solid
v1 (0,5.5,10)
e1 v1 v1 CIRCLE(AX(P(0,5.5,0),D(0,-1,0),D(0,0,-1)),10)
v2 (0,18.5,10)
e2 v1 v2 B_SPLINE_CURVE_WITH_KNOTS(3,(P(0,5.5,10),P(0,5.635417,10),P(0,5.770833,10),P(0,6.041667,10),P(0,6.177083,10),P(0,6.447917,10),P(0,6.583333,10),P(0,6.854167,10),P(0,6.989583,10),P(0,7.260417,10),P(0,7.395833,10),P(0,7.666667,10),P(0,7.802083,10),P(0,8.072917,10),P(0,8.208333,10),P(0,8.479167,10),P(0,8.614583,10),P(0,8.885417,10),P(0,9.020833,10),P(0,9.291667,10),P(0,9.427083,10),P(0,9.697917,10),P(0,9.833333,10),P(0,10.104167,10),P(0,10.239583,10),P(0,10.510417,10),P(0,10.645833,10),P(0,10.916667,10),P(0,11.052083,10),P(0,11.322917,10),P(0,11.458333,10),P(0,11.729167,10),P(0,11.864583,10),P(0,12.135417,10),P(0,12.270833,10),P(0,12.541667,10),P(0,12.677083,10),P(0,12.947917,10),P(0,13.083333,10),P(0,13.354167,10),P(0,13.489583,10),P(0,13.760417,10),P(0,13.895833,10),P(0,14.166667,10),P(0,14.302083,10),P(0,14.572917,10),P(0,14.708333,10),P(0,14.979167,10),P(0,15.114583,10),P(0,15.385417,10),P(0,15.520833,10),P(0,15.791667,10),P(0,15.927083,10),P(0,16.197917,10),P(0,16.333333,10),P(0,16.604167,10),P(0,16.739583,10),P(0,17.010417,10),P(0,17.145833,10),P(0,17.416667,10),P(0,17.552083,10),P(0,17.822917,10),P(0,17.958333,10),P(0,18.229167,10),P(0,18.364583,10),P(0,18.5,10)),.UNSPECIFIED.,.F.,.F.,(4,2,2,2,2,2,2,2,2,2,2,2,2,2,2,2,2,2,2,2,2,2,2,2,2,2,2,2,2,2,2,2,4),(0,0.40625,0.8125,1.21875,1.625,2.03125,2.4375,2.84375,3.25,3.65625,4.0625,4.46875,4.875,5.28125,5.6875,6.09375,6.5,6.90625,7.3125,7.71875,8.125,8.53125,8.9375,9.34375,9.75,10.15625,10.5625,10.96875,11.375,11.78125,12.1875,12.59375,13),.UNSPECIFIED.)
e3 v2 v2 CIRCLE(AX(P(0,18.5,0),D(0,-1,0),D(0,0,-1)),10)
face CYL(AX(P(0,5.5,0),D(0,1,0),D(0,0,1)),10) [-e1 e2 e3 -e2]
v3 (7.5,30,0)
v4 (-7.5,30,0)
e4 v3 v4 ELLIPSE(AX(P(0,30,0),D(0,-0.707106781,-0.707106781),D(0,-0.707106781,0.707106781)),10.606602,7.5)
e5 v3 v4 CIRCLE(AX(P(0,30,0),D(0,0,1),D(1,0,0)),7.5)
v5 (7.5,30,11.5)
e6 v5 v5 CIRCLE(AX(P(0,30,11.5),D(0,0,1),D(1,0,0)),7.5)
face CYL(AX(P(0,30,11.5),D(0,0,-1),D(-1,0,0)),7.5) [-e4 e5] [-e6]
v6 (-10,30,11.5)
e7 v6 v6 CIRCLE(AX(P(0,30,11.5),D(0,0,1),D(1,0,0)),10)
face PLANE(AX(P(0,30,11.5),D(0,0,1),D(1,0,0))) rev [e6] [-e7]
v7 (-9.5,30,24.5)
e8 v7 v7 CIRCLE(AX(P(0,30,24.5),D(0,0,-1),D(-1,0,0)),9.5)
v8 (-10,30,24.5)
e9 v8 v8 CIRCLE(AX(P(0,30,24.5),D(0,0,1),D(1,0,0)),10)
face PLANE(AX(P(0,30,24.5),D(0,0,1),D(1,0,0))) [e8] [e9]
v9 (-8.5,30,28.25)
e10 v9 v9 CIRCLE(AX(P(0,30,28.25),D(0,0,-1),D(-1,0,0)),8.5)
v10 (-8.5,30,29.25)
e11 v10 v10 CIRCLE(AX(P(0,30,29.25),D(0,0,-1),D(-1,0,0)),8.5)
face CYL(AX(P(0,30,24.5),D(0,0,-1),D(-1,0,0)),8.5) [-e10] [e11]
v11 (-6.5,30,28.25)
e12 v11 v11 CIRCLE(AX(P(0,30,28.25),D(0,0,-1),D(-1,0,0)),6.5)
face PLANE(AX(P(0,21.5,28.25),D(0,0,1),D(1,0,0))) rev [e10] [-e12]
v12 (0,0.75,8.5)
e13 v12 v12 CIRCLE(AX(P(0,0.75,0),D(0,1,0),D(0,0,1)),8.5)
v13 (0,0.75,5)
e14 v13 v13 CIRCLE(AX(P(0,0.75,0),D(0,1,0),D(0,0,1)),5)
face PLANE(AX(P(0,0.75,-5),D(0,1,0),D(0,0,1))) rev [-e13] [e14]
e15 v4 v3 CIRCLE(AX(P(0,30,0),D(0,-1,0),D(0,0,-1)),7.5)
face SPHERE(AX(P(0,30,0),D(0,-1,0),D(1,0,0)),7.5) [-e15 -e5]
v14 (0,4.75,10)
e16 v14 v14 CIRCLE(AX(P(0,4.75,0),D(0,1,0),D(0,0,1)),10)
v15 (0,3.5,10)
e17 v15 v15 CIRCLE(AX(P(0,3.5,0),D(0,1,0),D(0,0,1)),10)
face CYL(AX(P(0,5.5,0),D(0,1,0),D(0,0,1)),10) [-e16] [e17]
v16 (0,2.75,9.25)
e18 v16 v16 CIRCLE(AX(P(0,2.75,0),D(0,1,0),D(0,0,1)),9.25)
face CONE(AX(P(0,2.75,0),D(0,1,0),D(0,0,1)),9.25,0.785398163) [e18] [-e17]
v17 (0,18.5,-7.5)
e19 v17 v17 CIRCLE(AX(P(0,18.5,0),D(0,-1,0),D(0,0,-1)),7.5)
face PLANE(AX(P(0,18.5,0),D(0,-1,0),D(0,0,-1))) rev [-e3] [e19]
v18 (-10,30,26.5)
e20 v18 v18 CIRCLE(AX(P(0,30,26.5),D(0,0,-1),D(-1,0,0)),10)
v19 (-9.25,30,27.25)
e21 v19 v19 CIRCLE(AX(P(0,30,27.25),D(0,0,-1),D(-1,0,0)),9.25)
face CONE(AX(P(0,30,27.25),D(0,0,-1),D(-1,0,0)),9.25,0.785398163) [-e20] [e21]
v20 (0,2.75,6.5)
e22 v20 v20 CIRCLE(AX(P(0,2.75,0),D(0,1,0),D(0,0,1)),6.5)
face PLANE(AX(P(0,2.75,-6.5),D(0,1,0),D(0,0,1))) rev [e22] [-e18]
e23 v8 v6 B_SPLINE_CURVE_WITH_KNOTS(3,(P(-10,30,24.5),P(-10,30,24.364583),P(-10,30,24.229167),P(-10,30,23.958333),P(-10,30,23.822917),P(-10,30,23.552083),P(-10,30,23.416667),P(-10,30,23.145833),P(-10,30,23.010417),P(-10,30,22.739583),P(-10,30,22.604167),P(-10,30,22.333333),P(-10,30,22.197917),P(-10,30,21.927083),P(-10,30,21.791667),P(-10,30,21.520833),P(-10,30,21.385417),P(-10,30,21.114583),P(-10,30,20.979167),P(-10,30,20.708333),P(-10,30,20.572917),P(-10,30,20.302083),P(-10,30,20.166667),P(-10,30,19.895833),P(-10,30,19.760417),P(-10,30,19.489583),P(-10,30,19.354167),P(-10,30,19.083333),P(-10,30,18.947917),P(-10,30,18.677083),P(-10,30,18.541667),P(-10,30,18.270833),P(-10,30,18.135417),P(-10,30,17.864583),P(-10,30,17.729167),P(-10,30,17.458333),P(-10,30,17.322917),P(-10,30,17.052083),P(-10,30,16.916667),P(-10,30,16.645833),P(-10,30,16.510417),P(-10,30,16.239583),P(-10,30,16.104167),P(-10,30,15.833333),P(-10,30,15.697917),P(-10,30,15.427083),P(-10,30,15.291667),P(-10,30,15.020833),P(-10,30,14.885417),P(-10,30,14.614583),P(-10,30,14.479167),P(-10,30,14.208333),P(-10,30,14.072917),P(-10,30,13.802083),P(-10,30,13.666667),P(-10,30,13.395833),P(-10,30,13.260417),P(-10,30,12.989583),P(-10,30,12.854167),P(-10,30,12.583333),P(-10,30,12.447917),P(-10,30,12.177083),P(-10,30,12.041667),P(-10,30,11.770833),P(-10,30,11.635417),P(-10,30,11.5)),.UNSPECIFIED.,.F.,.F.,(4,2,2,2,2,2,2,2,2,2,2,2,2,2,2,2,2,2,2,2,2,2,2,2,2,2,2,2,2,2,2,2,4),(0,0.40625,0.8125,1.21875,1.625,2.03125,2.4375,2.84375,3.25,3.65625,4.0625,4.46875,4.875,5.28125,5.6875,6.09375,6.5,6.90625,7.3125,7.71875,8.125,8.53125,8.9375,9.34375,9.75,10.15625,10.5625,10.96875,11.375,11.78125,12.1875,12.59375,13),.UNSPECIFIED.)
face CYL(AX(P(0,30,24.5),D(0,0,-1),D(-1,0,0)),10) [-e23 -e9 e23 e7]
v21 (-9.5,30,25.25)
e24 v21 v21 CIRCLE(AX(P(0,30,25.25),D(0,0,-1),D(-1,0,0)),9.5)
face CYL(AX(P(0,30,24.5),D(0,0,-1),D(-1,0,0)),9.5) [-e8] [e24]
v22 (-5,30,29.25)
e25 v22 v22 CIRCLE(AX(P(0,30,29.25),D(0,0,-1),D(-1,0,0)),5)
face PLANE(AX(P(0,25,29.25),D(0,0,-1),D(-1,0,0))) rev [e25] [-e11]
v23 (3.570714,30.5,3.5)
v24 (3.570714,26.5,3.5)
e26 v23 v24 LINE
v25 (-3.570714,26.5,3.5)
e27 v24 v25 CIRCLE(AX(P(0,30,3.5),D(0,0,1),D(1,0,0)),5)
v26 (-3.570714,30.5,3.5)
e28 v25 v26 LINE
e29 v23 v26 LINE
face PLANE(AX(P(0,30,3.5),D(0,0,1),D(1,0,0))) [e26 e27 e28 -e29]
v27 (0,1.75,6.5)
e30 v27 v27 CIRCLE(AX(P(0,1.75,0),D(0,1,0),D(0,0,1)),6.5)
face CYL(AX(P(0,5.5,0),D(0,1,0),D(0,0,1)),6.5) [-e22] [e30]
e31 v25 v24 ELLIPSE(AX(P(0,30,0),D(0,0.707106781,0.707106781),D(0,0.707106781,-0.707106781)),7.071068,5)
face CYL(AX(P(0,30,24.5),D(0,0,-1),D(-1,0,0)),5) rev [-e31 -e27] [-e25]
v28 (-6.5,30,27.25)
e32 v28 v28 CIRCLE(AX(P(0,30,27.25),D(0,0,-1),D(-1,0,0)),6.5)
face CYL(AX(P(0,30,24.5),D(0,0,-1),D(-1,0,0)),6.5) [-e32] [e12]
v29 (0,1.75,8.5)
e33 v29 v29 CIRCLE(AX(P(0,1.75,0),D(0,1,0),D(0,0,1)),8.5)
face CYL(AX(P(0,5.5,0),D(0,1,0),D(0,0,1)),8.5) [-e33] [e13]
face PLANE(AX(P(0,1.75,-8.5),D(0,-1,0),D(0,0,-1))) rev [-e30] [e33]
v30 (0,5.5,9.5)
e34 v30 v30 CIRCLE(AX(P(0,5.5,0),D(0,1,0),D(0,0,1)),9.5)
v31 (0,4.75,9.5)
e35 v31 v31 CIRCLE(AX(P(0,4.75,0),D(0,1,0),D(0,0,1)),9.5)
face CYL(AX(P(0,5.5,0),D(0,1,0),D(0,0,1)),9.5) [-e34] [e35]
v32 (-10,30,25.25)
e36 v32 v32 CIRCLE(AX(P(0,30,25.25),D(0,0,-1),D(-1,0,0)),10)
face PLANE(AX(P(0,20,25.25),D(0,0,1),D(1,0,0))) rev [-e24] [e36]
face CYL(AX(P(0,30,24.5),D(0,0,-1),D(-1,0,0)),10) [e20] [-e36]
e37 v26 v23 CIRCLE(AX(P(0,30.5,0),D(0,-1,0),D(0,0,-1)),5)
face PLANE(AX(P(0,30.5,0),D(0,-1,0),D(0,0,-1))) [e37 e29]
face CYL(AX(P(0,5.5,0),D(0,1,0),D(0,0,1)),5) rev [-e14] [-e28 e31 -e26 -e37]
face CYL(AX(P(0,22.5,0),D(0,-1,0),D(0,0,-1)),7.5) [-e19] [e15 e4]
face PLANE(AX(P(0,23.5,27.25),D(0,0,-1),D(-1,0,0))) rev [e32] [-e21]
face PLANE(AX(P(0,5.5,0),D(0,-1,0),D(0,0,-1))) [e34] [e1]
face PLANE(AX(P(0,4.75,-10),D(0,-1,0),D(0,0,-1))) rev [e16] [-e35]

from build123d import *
from build123d.topology import SkipClean

# Parameters (mm, degrees)
SKETCH_3_R          = 7.5
EXTRUDE_2_DEPTH     = 11.5
SKETCH_4_R          = 10
EXTRUDE_3_DEPTH     = 13
EXTRUDE_START       = 4
SKETCH_7_R          = 7.5
EXTRUDE_4_DEPTH     = 4
SKETCH_8_R          = 10
EXTRUDE_6_DEPTH     = 13
SKETCH_10_R         = 5
CUT_EXTRUDE_1_DEPTH = 25
SKETCH_11_R         = 5
CUT_EXTRUDE_2_DEPTH = 21


with BuildPart() as part:
    # Эскиз2 → Повернуть1 (revolve)
    with BuildSketch(Plane.XY, mode=Mode.PRIVATE) as revolve_1_sk:
        with BuildLine():
            Line((0, 22.5), (0, 37.5))
            ThreePointArc((0, 37.5), (5.303300859, 35.303300859), (7.5, 30))
            Line((7.5, 30), (7.5, 22.5))
            Line((7.5, 22.5), (0, 22.5))
        make_face()
    revolve(revolve_1_sk.sketch.rotate(Axis((0, 22.5, 0), (0, 1, 0)), 90), axis=Axis((0, 22.5, 0), (0, 1, 0)))

    # Эскиз3 → Бобышка-Вытянуть2 (add)
    with SkipClean():  # the faces are left unmerged after this step: merging them gives an invalid solid
        with BuildSketch(Plane.XY):
            with Locations((0, 30)):
                Circle(SKETCH_3_R)
        extrude(amount=EXTRUDE_2_DEPTH)

    # Эскиз4 → Бобышка-Вытянуть3 (add)
    with SkipClean():  # the faces are left unmerged after this step: merging them gives an invalid solid
        with BuildSketch(Plane.XY.offset(11.5)):
            with Locations(Location((0, 30, 0), (0, 0, 180))):
                Circle(SKETCH_4_R)
        extrude(amount=EXTRUDE_3_DEPTH)

    # Эскиз7 → Бобышка-Вытянуть4 (add)
    with BuildSketch(Plane.XZ.offset(-22.5).offset(EXTRUDE_START)):
        with Locations(Location((0, 0, 0), (0, 0, 270))):
            Circle(SKETCH_7_R)
    extrude(amount=-EXTRUDE_4_DEPTH)

    # Эскиз8 → Бобышка-Вытянуть6 (add)
    with BuildSketch(Plane.XZ.offset(-18.5)):
        with Locations(Location((0, 0, 0), (0, 0, 90))):
            Circle(SKETCH_8_R)
    extrude(amount=EXTRUDE_6_DEPTH)

    # Эскиз9 → Повернуть5 (revolve)
    with BuildSketch(Plane(origin=(0, 0, 0), x_dir=(0, 0, -1), z_dir=(1, 0, 0)), mode=Mode.PRIVATE) as revolve_5_sk:
        Polygon((8.5, 1.75), (6.5, 1.75), (6.5, 2.75), (9.25, 2.75), (10, 3.5), (10, 4.75), (9.5, 4.75), (9.5, 5.5), (5, 5.5), (5, 0.75), (8.5, 0.75), align=None)
    revolve(revolve_5_sk.sketch.rotate(Axis((0, 5.5, 0), (0, -1, 0)), 180), axis=Axis((0, 5.5, 0), (0, -1, 0)))

    # Эскиз14 → Повернуть6 (revolve)
    with BuildSketch(Plane(origin=(0, 0, 0), x_dir=(0, 0, -1), z_dir=(1, 0, 0)), mode=Mode.PRIVATE) as revolve_6_sk:
        Polygon((-28.25, 21.5), (-28.25, 23.5), (-27.25, 23.5), (-27.25, 20.75), (-26.5, 20), (-25.25, 20), (-25.25, 20.5), (-24.5, 20.5), (-24.5, 25), (-29.25, 25), (-29.25, 21.5), align=None)
    revolve(revolve_6_sk.sketch.rotate(Axis((0, 30, 24.5), (0, 0, 1)), 270), axis=Axis((0, 30, 24.5), (0, 0, 1)))

    # Эскиз10 → Вырез-Вытянуть1 (cut)
    with BuildSketch(Plane.XZ.offset(-5.5)):
        with Locations(Location((0, 0, 0), (0, 0, 90))):
            Circle(SKETCH_10_R)
    extrude(amount=-CUT_EXTRUDE_1_DEPTH, mode=Mode.SUBTRACT)

    # Эскиз11 → Вырез-Вытянуть2 (cut)
    with BuildSketch(Plane.XY.offset(24.5)):
        with Locations(Location((0, 30, 0), (0, 0, 180))):
            Circle(SKETCH_11_R)
    extrude(amount=-CUT_EXTRUDE_2_DEPTH, mode=Mode.SUBTRACT)


solid = part.part
